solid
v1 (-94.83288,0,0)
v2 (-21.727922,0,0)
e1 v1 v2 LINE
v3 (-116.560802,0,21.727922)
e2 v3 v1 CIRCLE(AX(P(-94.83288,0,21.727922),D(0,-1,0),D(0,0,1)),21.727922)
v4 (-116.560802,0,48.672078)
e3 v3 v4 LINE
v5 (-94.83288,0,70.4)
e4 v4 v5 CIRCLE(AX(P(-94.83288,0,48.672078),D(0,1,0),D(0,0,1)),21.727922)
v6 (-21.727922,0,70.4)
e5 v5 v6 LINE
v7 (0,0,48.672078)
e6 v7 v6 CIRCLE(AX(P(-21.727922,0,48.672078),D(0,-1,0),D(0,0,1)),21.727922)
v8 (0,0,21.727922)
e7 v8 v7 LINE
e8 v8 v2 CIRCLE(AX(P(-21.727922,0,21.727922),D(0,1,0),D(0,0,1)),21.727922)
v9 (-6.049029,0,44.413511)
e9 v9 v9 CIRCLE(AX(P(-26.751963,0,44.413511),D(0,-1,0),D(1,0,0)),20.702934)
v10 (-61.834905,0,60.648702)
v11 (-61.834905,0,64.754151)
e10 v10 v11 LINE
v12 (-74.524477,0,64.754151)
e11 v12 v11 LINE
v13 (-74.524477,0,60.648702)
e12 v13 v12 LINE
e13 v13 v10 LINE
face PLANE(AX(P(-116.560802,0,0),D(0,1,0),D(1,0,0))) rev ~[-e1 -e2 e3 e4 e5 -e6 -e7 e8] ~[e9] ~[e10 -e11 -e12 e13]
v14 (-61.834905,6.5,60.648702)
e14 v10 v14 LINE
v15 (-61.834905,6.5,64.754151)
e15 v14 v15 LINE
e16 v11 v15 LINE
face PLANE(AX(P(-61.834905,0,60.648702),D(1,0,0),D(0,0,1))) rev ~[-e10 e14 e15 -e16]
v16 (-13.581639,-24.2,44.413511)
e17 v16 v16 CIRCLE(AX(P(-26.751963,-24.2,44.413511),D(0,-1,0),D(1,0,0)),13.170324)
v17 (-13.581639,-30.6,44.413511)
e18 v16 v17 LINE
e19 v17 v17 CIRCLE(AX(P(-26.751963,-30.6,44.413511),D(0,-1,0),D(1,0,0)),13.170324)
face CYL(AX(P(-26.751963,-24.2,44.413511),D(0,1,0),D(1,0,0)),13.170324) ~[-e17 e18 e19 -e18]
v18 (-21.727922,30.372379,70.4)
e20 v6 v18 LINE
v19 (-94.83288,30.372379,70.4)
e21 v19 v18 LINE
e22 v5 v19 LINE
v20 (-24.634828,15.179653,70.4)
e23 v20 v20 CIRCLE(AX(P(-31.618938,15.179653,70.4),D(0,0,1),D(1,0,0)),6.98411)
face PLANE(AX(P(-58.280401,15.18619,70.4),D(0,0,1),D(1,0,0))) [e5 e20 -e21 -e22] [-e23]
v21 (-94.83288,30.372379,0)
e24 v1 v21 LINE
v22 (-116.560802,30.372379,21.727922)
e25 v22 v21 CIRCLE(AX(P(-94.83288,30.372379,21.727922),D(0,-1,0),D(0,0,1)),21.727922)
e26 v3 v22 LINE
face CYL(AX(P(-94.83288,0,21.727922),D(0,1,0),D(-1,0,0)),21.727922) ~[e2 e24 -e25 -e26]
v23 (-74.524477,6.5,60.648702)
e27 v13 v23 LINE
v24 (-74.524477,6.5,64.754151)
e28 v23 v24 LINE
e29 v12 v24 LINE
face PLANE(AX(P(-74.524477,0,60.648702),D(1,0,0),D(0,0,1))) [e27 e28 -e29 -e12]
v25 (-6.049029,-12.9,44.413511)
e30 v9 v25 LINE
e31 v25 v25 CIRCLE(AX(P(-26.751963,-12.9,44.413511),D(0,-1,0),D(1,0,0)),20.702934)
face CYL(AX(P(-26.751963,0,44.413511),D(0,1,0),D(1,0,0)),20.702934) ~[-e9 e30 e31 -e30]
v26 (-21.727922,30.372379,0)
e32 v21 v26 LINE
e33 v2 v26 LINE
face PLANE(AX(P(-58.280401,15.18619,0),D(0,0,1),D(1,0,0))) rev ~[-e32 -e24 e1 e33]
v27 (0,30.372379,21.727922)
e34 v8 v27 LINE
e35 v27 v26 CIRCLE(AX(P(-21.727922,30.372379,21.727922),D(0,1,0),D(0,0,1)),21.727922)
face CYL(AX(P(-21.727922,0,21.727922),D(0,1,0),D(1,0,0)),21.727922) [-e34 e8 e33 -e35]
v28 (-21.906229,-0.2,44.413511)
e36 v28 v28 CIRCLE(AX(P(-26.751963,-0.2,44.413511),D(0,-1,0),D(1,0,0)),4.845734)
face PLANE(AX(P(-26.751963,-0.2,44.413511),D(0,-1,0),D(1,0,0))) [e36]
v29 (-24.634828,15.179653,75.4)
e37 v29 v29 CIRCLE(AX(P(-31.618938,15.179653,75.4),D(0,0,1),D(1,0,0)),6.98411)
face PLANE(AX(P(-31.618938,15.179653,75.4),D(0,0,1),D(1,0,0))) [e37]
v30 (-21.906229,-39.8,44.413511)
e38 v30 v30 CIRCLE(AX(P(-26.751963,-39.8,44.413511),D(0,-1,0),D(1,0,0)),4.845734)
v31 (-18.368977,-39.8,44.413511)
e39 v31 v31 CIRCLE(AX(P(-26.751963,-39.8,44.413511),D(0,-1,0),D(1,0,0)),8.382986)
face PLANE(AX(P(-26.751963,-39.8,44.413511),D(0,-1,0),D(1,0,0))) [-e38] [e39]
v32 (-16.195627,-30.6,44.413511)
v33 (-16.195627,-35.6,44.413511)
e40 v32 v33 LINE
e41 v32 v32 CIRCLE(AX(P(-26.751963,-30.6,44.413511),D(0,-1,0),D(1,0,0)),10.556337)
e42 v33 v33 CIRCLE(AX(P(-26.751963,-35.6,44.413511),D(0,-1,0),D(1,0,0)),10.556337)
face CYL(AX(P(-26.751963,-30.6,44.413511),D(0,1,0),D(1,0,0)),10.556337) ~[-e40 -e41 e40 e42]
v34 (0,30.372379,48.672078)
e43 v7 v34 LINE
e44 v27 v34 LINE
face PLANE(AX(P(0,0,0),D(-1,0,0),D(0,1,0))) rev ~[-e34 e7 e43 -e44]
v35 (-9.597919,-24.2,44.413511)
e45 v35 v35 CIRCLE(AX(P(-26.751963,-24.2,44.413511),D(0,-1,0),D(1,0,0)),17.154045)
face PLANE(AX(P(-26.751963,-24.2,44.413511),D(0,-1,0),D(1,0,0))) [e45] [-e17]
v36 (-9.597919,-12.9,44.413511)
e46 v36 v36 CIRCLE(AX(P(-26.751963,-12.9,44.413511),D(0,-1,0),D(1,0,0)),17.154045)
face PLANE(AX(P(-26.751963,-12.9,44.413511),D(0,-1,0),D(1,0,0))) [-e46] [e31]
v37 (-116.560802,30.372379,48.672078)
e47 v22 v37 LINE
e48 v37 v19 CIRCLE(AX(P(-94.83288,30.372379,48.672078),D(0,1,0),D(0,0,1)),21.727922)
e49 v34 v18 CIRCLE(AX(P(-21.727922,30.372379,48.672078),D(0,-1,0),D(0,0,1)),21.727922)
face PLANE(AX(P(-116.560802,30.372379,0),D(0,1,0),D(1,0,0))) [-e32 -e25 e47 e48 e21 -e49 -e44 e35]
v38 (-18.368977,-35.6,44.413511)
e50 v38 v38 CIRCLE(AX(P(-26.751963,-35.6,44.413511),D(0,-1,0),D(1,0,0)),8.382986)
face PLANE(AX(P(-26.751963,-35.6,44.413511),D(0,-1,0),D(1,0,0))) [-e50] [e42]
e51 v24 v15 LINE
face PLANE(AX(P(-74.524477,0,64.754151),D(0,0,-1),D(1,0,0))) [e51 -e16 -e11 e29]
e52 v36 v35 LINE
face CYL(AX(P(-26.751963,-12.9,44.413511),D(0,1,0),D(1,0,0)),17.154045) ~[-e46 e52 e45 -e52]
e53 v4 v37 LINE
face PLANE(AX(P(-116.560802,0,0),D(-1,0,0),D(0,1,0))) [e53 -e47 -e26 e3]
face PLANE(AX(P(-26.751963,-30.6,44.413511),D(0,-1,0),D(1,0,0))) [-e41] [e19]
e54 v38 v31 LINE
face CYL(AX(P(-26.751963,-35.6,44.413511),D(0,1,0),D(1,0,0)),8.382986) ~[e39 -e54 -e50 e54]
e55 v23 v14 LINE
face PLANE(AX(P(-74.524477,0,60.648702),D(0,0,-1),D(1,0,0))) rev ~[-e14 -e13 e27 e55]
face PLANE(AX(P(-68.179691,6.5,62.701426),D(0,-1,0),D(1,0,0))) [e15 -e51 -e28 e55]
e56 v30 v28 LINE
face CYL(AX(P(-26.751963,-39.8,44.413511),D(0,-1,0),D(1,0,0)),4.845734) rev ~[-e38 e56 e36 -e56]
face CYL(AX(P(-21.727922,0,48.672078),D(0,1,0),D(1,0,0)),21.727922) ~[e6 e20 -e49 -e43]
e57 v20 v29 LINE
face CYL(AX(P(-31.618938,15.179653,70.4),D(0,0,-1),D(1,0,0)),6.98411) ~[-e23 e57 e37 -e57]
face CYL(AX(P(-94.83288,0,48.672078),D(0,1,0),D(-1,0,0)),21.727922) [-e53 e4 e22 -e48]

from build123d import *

# Parameters (mm, degrees)
F0_W      = 116.5608018637
F0_H      = 30.3723793477
F1_DEPTH  = 70.4
F2_R      = 21.7279220614
F3_R      = 20.7029342891
F4_DEPTH  = 12.9
F5_R      = 17.1540446216
F6_DEPTH  = 11.3
F7_R      = 13.170324084
F8_DEPTH  = 6.4
F9_R      = 10.5563367541
F10_DEPTH = 5
F11_R     = 8.3829862068
F12_DEPTH = 4.2
F13_W     = 12.9023790359
F13_H     = 4.7707334161
F14_DEPTH = 6.7
F15_W     = 13.5998092592
F15_H     = 4.6233572066
F16_DEPTH = 10
F17_W     = 12.6895718277
F17_H     = 4.1054487228
F18_DEPTH = 6.5
F19_R     = 6.9841097136
F20_DEPTH = 5
F21_R     = 4.8457343359
F22_DEPTH = 39.6


with BuildPart() as f1:
    # F0 (on Top) → F1 (new body)
    with BuildSketch(Plane.XY):
        with Locations((-58.2804009318, 15.1861896738)):
            Rectangle(F0_W, F0_H)
    extrude(amount=F1_DEPTH)

    # F2
    f2_edges = [f1.edges().sort_by_distance(p)[0] for p in [
        (-116.560802, 15.18619, 70.4),
        (0, 15.18619, 70.4),
        (-116.560802, 15.18619, 0),
        (0, 15.18619, 0),
    ]]
    fillet(f2_edges, radius=F2_R)

    # F3 (on face) → F4 (join)
    with BuildSketch(Plane.XZ):
        with Locations((-26.7519634217, 44.41351071)):
            Circle(F3_R)
    extrude(amount=F4_DEPTH)

    # F5 (on face) → F6 (join)
    with BuildSketch(Plane.XZ.offset(12.9)):
        with Locations((-26.7519634217, 44.41351071)):
            Circle(F5_R)
    extrude(amount=F6_DEPTH)

    # F7 (on face) → F8 (join)
    with BuildSketch(Plane.XZ.offset(24.2)):
        with Locations((-26.7519634217, 44.41351071)):
            Circle(F7_R)
    extrude(amount=F8_DEPTH)

    # F9 (on face) → F10 (join)
    with BuildSketch(Plane.XZ.offset(30.6)):
        with Locations((-26.7519634217, 44.41351071)):
            Circle(F9_R)
    extrude(amount=F10_DEPTH)

    # F11 (on face) → F12 (join)
    with BuildSketch(Plane.XZ.offset(35.6)):
        with Locations((-26.7519634217, 44.41351071)):
            Circle(F11_R)
    extrude(amount=F12_DEPTH)

    # F13 (on face) → F14 (join)
    with BuildSketch(Plane.XZ):
        with Locations((-53.0363544822, 61.6516061127)):
            Rectangle(F13_W, F13_H)
    extrude(amount=-F14_DEPTH)

    # F15 (on face) → F16 (join)
    with BuildSketch(Plane.XZ):
        with Locations((-61.4054668695, 60.4561474174)):
            Rectangle(F15_W, F15_H)
    extrude(amount=-F16_DEPTH)

    # F17 (on face) → F18 (cut)
    with BuildSketch(Plane.XZ):
        with Locations((-68.1796912104, 62.7014264464)):
            Rectangle(F17_W, F17_H)
    extrude(amount=-F18_DEPTH, mode=Mode.SUBTRACT)

    # F19 (on face) → F20 (join)
    with BuildSketch(Plane.XY.offset(70.4)):
        with Locations((-31.61893785, 15.1796527207)):
            Circle(F19_R)
    extrude(amount=F20_DEPTH)

    # F21 (on face) → F22 (cut)
    with BuildSketch(Plane.XZ.offset(39.8)):
        with Locations((-26.7519634217, 44.41351071)):
            Circle(F21_R)
    extrude(amount=-F22_DEPTH, mode=Mode.SUBTRACT)


solid = f1.part
